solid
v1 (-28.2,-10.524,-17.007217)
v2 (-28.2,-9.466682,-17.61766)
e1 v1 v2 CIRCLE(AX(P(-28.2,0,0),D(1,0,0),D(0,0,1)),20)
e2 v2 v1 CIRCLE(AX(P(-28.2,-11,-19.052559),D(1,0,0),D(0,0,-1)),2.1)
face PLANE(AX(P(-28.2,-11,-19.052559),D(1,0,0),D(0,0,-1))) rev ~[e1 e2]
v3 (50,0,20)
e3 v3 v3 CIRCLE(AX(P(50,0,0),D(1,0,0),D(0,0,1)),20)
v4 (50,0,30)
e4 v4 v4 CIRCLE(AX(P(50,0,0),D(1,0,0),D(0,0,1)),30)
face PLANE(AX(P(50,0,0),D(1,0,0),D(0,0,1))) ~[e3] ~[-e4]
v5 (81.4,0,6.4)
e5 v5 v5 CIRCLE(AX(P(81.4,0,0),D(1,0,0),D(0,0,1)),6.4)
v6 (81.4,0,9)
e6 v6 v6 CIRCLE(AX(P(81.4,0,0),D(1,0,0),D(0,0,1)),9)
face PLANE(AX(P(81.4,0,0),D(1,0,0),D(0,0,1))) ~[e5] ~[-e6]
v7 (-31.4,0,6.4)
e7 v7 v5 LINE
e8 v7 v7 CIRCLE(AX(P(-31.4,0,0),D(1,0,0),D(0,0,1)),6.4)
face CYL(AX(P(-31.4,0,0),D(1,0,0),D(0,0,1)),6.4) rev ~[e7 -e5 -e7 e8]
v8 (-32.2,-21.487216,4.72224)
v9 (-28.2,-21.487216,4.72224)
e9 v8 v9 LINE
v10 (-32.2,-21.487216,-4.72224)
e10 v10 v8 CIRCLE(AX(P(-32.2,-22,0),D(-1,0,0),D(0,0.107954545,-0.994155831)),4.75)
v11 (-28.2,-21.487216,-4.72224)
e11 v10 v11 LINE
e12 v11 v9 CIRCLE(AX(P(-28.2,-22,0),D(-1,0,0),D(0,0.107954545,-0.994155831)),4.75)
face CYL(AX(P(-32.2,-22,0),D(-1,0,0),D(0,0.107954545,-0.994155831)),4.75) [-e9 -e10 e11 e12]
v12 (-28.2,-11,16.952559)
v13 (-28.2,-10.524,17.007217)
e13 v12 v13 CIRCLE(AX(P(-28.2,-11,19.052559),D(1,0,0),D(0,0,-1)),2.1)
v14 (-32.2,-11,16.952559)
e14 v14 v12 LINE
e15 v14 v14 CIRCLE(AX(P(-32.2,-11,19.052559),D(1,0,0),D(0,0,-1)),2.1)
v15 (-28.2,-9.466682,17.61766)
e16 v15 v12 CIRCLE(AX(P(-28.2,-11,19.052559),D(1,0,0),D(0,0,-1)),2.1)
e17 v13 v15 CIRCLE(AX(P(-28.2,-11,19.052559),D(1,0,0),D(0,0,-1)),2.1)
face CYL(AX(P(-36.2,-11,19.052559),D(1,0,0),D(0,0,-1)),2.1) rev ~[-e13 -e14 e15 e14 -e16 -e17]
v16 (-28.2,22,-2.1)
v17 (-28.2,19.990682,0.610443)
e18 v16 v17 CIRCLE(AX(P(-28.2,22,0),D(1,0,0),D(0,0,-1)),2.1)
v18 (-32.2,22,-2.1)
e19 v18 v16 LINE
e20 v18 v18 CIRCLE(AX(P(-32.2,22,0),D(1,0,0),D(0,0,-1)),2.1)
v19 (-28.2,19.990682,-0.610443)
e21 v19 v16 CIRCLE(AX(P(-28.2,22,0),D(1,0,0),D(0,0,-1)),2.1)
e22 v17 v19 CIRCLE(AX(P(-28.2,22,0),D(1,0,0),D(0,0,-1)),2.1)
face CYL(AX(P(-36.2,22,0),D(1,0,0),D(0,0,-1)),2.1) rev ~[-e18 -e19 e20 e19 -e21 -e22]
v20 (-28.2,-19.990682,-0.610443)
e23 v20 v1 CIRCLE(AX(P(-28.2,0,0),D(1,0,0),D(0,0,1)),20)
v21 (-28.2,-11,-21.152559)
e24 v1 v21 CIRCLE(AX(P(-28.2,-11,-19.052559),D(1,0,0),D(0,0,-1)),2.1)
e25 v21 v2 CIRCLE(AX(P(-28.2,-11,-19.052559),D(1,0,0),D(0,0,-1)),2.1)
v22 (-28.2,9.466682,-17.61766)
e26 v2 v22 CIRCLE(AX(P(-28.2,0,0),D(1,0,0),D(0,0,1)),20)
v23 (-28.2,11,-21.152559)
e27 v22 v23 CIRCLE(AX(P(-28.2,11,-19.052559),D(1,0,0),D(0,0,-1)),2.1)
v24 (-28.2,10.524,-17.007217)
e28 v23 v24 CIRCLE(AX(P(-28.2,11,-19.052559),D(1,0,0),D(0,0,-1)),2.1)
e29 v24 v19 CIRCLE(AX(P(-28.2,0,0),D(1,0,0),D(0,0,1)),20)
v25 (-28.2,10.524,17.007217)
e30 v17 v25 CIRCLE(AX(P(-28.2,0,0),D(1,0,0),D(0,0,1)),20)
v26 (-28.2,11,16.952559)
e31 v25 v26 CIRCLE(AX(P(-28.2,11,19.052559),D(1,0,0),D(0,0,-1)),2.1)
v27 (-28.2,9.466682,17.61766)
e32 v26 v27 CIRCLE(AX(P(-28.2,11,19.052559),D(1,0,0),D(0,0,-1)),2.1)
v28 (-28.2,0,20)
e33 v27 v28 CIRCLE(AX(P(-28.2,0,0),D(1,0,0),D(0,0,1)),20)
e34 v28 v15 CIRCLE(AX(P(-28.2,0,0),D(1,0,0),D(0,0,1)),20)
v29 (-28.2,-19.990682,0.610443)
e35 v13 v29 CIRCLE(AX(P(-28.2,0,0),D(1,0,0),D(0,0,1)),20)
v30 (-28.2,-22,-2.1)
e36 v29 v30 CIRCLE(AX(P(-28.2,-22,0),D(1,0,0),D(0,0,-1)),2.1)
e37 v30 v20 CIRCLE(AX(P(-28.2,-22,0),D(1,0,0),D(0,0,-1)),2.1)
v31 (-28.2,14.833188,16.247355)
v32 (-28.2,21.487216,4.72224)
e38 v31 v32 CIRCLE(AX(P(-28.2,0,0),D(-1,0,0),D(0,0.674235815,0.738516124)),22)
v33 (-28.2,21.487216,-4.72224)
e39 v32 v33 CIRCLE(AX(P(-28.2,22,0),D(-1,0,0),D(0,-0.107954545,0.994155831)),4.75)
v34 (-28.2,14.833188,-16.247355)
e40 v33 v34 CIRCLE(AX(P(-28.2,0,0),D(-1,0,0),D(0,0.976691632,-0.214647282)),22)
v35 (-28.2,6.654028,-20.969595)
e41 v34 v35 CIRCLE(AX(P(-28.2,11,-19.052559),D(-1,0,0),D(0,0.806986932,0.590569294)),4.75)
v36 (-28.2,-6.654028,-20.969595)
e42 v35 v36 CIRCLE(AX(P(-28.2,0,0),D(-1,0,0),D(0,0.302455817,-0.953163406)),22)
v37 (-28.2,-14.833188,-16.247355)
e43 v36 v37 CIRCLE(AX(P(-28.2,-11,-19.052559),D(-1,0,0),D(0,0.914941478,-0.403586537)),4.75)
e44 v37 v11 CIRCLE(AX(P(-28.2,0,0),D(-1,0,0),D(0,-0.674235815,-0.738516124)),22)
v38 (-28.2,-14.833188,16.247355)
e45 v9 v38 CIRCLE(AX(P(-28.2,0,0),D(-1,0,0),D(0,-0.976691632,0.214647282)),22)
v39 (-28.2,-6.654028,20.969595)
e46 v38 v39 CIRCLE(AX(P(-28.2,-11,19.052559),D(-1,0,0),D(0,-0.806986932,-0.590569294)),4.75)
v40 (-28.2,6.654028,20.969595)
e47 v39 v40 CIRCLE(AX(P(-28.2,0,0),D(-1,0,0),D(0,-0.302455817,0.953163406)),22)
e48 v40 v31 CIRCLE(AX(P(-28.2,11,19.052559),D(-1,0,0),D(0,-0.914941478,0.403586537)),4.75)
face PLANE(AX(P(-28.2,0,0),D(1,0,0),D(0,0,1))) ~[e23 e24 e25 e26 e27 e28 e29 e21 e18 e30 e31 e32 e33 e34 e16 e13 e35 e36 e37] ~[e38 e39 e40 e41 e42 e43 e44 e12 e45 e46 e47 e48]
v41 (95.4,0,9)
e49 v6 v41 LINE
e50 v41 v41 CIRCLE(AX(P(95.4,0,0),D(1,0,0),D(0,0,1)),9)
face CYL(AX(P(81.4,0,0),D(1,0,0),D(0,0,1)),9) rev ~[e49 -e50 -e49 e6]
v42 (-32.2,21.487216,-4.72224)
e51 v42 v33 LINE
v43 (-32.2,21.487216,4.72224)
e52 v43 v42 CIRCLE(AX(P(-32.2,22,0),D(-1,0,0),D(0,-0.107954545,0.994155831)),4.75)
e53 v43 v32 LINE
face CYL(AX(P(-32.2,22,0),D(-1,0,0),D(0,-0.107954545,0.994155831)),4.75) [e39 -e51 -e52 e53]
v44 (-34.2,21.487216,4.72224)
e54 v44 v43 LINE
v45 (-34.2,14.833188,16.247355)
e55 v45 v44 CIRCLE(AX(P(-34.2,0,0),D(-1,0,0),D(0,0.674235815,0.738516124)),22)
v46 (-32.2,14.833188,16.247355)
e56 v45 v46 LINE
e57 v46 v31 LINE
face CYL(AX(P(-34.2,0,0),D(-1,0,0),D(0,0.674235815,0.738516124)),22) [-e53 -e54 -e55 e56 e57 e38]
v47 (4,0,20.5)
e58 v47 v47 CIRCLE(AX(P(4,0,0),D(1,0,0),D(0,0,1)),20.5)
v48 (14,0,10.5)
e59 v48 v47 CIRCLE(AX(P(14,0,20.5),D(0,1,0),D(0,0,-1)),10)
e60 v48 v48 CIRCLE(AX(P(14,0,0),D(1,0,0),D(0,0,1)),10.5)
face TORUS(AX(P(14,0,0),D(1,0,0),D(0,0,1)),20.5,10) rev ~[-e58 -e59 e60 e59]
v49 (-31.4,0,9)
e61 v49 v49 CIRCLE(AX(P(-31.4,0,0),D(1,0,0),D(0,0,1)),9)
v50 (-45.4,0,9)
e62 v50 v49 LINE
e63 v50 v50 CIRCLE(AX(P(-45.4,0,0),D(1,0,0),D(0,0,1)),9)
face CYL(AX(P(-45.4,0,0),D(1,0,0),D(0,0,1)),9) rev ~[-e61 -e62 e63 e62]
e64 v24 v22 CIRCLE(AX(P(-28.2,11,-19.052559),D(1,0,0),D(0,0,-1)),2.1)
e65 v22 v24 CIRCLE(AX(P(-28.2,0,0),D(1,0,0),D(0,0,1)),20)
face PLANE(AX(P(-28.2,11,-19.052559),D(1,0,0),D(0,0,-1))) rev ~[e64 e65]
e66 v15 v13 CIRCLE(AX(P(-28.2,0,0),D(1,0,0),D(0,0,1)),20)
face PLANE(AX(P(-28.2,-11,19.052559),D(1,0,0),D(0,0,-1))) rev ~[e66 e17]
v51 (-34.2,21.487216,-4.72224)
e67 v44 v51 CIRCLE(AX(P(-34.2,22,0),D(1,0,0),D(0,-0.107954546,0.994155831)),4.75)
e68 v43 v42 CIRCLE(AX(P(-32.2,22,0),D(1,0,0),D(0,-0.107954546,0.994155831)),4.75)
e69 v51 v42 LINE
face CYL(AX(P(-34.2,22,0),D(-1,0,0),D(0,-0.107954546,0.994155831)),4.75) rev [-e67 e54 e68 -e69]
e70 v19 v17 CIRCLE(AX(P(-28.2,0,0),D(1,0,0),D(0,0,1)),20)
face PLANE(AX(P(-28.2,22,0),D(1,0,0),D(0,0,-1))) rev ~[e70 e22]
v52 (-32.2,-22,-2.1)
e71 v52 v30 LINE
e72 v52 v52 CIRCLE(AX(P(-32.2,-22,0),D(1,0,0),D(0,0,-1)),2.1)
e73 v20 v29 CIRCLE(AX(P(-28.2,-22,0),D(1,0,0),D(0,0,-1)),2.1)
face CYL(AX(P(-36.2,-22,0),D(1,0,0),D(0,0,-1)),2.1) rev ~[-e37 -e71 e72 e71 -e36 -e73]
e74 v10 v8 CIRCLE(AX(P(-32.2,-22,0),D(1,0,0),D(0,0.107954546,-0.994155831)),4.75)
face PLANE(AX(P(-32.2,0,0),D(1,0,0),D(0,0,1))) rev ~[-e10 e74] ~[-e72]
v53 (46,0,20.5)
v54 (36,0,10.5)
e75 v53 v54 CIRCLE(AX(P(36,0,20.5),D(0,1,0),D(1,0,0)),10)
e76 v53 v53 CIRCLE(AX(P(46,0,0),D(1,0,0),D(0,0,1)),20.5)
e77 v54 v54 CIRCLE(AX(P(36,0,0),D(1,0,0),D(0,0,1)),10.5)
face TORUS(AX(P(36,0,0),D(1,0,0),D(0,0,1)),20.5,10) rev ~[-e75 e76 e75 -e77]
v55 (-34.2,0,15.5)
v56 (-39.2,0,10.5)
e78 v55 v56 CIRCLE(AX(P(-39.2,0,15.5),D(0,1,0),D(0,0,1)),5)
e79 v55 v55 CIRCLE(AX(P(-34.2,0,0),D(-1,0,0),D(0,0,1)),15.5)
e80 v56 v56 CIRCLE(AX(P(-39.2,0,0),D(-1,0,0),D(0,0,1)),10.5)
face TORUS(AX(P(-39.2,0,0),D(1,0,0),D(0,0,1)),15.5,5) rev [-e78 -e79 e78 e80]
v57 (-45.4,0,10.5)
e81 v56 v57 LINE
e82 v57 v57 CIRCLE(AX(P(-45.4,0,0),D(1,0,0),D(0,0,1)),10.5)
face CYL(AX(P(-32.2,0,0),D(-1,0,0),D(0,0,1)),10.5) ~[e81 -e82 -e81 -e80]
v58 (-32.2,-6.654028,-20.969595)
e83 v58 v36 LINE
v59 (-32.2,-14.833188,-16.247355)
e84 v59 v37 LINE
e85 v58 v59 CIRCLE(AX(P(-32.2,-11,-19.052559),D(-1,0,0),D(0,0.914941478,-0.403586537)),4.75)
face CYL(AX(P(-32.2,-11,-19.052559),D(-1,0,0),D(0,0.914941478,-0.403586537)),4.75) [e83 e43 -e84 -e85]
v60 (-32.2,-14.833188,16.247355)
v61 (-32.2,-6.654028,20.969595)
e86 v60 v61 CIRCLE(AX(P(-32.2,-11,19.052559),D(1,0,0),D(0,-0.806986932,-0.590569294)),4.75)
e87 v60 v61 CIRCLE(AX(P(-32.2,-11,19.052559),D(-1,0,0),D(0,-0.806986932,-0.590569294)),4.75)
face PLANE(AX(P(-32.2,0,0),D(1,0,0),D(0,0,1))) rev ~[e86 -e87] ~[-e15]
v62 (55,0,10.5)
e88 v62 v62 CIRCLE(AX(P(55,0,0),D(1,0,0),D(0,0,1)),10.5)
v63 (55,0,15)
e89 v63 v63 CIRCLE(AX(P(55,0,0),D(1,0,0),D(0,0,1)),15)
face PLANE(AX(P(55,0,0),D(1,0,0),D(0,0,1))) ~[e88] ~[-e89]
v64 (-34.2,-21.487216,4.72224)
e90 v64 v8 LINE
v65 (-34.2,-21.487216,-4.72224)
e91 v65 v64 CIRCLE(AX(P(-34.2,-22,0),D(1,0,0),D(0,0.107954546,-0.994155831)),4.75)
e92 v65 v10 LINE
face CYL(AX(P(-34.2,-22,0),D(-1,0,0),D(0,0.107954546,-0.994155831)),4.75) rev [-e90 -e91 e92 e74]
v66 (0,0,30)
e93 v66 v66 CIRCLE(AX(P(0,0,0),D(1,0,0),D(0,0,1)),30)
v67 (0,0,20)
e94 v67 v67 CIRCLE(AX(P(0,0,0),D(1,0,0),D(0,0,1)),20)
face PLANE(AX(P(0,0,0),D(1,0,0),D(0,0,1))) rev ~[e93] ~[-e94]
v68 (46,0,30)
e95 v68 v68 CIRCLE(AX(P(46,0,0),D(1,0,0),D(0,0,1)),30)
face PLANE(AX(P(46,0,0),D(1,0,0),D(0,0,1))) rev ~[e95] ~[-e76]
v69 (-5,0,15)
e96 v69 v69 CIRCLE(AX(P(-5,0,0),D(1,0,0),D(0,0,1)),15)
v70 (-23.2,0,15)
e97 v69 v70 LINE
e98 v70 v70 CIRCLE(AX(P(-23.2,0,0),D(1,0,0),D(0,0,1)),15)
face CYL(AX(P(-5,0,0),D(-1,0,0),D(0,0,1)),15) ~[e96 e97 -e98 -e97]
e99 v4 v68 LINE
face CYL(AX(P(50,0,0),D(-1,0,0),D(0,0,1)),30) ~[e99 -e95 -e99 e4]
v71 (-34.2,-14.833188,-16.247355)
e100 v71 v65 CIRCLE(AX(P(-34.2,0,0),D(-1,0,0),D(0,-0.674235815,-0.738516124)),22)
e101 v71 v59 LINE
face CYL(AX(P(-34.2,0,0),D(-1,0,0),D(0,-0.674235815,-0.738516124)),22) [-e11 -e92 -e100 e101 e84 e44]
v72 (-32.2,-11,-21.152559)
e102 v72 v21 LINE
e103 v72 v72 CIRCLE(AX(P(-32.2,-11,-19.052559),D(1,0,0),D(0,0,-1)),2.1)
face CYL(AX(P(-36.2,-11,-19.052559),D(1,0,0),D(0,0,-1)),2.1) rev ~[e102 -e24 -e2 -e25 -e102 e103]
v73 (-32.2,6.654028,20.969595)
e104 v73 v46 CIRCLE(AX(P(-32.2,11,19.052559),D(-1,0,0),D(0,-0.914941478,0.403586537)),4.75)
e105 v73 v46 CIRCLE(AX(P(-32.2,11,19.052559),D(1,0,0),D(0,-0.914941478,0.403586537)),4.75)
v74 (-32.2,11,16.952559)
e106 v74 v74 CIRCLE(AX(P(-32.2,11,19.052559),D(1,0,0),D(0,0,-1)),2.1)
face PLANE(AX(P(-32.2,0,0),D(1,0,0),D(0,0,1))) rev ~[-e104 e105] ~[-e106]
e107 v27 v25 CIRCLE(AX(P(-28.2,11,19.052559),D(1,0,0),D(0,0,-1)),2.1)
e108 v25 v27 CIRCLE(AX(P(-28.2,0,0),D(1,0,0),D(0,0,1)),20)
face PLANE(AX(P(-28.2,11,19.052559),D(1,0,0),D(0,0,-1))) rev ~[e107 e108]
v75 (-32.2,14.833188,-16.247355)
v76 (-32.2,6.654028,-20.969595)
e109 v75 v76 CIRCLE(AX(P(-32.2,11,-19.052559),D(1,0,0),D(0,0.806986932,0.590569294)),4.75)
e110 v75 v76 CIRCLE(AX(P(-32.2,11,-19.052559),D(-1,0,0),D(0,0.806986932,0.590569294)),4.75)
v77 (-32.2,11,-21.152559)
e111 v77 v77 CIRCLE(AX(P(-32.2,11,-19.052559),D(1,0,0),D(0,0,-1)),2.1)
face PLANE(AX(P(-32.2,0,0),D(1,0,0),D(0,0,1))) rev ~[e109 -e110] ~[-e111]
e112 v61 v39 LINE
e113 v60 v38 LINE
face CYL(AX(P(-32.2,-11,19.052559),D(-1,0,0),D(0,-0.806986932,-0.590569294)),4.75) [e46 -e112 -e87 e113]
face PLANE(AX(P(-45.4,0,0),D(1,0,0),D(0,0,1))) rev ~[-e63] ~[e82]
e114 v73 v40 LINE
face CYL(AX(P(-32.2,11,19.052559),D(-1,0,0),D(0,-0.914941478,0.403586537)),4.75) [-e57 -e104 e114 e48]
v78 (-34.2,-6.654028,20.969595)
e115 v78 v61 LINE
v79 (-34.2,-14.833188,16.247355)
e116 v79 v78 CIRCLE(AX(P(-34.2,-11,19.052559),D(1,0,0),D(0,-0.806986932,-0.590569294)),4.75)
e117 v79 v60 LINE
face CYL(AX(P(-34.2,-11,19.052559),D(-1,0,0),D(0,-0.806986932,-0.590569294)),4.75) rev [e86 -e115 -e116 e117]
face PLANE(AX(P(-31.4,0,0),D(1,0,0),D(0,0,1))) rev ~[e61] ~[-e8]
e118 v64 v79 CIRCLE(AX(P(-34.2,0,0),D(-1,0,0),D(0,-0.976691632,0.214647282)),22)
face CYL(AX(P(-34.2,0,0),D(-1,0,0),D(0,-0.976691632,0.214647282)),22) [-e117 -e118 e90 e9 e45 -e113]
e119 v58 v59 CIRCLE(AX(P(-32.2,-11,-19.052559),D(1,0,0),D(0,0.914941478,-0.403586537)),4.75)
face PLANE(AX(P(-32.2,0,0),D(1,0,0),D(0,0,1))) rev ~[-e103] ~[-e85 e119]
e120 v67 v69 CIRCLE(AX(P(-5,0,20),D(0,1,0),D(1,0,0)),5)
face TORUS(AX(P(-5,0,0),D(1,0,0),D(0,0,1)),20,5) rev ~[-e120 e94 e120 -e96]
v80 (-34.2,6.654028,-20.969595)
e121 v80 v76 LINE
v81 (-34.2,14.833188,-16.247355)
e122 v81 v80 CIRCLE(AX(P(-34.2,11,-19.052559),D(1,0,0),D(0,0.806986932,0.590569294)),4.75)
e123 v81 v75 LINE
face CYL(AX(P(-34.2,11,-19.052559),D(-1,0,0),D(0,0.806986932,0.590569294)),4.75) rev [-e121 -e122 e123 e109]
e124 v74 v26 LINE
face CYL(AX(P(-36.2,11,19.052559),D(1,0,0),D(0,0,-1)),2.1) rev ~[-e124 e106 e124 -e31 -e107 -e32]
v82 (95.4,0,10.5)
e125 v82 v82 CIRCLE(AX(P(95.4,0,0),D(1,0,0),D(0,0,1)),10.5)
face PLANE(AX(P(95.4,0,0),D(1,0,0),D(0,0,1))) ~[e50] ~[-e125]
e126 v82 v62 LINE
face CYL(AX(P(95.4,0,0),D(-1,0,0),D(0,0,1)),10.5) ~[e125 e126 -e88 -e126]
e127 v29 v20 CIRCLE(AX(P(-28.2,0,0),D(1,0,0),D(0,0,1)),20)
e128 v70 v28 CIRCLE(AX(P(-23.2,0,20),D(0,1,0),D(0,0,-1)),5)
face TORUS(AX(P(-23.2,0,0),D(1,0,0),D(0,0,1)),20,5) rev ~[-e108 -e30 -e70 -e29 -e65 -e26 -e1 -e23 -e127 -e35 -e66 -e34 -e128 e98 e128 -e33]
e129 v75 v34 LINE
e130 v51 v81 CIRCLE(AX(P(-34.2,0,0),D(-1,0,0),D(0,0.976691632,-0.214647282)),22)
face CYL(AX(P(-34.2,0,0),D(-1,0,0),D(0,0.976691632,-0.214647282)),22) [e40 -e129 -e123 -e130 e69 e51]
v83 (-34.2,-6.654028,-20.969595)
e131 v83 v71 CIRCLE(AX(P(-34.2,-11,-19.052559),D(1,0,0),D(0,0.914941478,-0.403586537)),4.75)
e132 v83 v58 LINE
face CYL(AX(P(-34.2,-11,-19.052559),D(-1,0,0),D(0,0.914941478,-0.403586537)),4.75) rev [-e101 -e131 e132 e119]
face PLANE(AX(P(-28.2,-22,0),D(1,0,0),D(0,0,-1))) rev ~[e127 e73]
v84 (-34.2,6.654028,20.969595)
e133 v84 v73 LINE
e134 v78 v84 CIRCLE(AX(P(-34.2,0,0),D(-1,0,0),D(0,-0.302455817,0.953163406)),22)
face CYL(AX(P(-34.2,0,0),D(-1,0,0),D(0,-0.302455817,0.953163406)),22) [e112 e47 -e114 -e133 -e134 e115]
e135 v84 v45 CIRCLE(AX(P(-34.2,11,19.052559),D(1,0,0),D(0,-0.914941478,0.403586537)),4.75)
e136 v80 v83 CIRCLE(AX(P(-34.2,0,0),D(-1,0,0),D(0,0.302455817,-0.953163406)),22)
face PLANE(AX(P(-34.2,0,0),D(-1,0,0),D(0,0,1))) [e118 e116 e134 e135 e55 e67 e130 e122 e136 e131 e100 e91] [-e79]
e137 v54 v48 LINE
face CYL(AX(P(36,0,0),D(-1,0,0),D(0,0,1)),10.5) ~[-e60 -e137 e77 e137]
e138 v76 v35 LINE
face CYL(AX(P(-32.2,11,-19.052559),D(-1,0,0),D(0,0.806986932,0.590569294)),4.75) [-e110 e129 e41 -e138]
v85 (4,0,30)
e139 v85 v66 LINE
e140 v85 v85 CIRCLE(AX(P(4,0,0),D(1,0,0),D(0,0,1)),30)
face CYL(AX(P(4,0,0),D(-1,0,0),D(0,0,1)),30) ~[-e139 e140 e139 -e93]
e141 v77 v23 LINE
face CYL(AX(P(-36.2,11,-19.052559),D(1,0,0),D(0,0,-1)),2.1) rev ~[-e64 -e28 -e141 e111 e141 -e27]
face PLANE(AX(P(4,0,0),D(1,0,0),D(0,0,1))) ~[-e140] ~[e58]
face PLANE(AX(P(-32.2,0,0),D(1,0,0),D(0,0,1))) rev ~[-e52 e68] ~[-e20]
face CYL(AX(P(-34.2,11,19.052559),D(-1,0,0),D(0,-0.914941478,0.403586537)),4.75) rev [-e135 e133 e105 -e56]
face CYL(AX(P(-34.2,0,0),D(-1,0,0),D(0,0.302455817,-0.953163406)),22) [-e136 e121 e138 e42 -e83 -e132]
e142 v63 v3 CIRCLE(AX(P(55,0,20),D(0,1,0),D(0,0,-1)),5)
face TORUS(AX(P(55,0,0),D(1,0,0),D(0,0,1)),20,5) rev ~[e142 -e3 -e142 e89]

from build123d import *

# Parameters (mm, degrees)
CUT_EXTRUDE1_REACH        = 136.468
SKETCH2_R                 = 27.5
M5X0_8_TAPPED_HOLE1_D     = 4.2
M5X0_8_TAPPED_HOLE1_DEPTH = 4
BOSS_EXTRUDE1_START       = 2
SKETCH5_R                 = 10.5
BOSS_EXTRUDE1_DEPTH       = 2
FILLET1_R                 = 5


with BuildPart() as part:
    # Sketch1 → Revolve1 (revolve)
    with BuildSketch(Plane.XY, mode=Mode.PRIVATE) as revolve1_sk:
        with BuildLine():
            Line((0, 30), (0, 20))
            ThreePointArc((0, 20), (-1.464466094, 16.464466094), (-5, 15))
            Line((-5, 15), (-23.2, 15))
            ThreePointArc((-23.2, 15), (-26.735533906, 16.464466094), (-28.2, 20))
            Line((-28.2, 20), (-28.2, 26.875))
            Line((-28.2, 26.875), (-32.2, 26.875))
            Line((-32.2, 26.875), (-32.2, 10.5))
            Line((-32.2, 10.5), (-45.4, 10.5))
            Line((-45.4, 10.5), (-45.4, 9))
            Line((-45.4, 9), (-31.4, 9))
            Line((-31.4, 9), (-31.4, 6.4))
            Line((-31.4, 6.4), (81.4, 6.4))
            Line((81.4, 6.4), (81.4, 9))
            Line((81.4, 9), (95.4, 9))
            Line((95.4, 9), (95.4, 10.5))
            Line((95.4, 10.5), (55, 10.5))
            Line((55, 10.5), (55, 15))
            ThreePointArc((55, 15), (51.464466094, 16.464466094), (50, 20))
            Line((50, 20), (50, 30))
            Line((50, 30), (46, 30))
            Line((46, 30), (46, 20.5))
            ThreePointArc((46, 20.5), (43.071067812, 13.428932188), (36, 10.5))
            Line((36, 10.5), (14, 10.5))
            ThreePointArc((14, 10.5), (6.928932188, 13.428932188), (4, 20.5))
            Line((4, 20.5), (4, 30))
            Line((4, 30), (0, 30))
        make_face()
    revolve(revolve1_sk.sketch.rotate(Axis((0, 0, 0), (1, 0, 0)), 90), axis=Axis((0, 0, 0), (1, 0, 0)))

    # Sketch2 → Cut-Extrude1 (cut, up to next)
    with BuildSketch(Plane.ZY.offset(32.2), mode=Mode.PRIVATE) as cut_extrude1_sk1:
        Circle(SKETCH2_R)
        with BuildLine():
            ThreePointArc((-4.722240197, 21.487215909), (-11, 19.052558883), (-16.247354735, 14.833187928))
            ThreePointArc((-16.247354735, 14.833187928), (-23.166179551, 13.375), (-20.969594932, 6.654027981))
            ThreePointArc((-20.969594932, 6.654027981), (-22, 0), (-20.969594932, -6.654027981))
            ThreePointArc((-20.969594932, -6.654027981), (-23.166179551, -13.375), (-16.247354735, -14.833187928))
            ThreePointArc((-16.247354735, -14.833187928), (-11, -19.052558883), (-4.722240197, -21.487215909))
            ThreePointArc((-4.722240197, -21.487215909), (0, -26.75), (4.722240197, -21.487215909))
            ThreePointArc((4.722240197, -21.487215909), (11, -19.052558883), (16.247354735, -14.833187928))
            ThreePointArc((16.247354735, -14.833187928), (23.166179551, -13.375), (20.969594932, -6.654027981))
            ThreePointArc((20.969594932, -6.654027981), (22, 0), (20.969594932, 6.654027981))
            ThreePointArc((20.969594932, 6.654027981), (23.166179551, 13.375), (16.247354735, 14.833187928))
            ThreePointArc((16.247354735, 14.833187928), (11, 19.052558883), (4.722240197, 21.487215909))
            ThreePointArc((4.722240197, 21.487215909), (0, 26.75), (-4.722240197, 21.487215909))
        make_face(mode=Mode.SUBTRACT)
    cut_extrude1_tool1 = extrude(cut_extrude1_sk1.sketch, amount=-CUT_EXTRUDE1_REACH, mode=Mode.PRIVATE) & part.part
    add(cut_extrude1_tool1.solids().sort_by_distance((-32.2, 0, -26.722183))[0], mode=Mode.SUBTRACT)

    # M5x0.8 Tapped Hole1
    with Locations(Plane.ZY.offset(32.2)):
        with Locations((-19.052558883, 11), (0, 22), (19.052558883, 11), (19.052558883, -11), (0, -22), (-19.052558883, -11)):
            Hole(M5X0_8_TAPPED_HOLE1_D / 2, depth=M5X0_8_TAPPED_HOLE1_DEPTH)

    # Sketch5 → Boss-Extrude1 (add)
    with BuildSketch(Plane.ZY.offset(32.2).offset(BOSS_EXTRUDE1_START)):
        with BuildLine():
            ThreePointArc((-4.722240197, 21.487215909), (-11, 19.052558883), (-16.247354735, 14.833187928))
            ThreePointArc((-16.247354735, 14.833187928), (-14.938938215, 8.625), (-20.969594932, 6.654027981))
            ThreePointArc((-20.969594932, 6.654027981), (-22, 0), (-20.969594932, -6.654027981))
            ThreePointArc((-20.969594932, -6.654027981), (-14.938938215, -8.625), (-16.247354735, -14.833187928))
            ThreePointArc((-16.247354735, -14.833187928), (-11, -19.052558883), (-4.722240197, -21.487215909))
            ThreePointArc((-4.722240197, -21.487215909), (0, -17.25), (4.722240197, -21.487215909))
            ThreePointArc((4.722240197, -21.487215909), (11, -19.052558883), (16.247354735, -14.833187928))
            ThreePointArc((16.247354735, -14.833187928), (14.938938215, -8.625), (20.969594932, -6.654027981))
            ThreePointArc((20.969594932, -6.654027981), (22, 0), (20.969594932, 6.654027981))
            ThreePointArc((20.969594932, 6.654027981), (14.938938215, 8.625), (16.247354735, 14.833187928))
            ThreePointArc((16.247354735, 14.833187928), (11, 19.052558883), (4.722240197, 21.487215909))
            ThreePointArc((4.722240197, 21.487215909), (0, 17.25), (-4.722240197, 21.487215909))
        make_face()
        Circle(SKETCH5_R, mode=Mode.SUBTRACT)
    extrude(amount=-BOSS_EXTRUDE1_DEPTH)

    # Fillet1
    fillet1_edges = [part.edges().sort_by_distance(p)[0] for p in [
        (-34.2, 0, -10.5),
    ]]
    fillet(fillet1_edges, radius=FILLET1_R)


solid = part.part
